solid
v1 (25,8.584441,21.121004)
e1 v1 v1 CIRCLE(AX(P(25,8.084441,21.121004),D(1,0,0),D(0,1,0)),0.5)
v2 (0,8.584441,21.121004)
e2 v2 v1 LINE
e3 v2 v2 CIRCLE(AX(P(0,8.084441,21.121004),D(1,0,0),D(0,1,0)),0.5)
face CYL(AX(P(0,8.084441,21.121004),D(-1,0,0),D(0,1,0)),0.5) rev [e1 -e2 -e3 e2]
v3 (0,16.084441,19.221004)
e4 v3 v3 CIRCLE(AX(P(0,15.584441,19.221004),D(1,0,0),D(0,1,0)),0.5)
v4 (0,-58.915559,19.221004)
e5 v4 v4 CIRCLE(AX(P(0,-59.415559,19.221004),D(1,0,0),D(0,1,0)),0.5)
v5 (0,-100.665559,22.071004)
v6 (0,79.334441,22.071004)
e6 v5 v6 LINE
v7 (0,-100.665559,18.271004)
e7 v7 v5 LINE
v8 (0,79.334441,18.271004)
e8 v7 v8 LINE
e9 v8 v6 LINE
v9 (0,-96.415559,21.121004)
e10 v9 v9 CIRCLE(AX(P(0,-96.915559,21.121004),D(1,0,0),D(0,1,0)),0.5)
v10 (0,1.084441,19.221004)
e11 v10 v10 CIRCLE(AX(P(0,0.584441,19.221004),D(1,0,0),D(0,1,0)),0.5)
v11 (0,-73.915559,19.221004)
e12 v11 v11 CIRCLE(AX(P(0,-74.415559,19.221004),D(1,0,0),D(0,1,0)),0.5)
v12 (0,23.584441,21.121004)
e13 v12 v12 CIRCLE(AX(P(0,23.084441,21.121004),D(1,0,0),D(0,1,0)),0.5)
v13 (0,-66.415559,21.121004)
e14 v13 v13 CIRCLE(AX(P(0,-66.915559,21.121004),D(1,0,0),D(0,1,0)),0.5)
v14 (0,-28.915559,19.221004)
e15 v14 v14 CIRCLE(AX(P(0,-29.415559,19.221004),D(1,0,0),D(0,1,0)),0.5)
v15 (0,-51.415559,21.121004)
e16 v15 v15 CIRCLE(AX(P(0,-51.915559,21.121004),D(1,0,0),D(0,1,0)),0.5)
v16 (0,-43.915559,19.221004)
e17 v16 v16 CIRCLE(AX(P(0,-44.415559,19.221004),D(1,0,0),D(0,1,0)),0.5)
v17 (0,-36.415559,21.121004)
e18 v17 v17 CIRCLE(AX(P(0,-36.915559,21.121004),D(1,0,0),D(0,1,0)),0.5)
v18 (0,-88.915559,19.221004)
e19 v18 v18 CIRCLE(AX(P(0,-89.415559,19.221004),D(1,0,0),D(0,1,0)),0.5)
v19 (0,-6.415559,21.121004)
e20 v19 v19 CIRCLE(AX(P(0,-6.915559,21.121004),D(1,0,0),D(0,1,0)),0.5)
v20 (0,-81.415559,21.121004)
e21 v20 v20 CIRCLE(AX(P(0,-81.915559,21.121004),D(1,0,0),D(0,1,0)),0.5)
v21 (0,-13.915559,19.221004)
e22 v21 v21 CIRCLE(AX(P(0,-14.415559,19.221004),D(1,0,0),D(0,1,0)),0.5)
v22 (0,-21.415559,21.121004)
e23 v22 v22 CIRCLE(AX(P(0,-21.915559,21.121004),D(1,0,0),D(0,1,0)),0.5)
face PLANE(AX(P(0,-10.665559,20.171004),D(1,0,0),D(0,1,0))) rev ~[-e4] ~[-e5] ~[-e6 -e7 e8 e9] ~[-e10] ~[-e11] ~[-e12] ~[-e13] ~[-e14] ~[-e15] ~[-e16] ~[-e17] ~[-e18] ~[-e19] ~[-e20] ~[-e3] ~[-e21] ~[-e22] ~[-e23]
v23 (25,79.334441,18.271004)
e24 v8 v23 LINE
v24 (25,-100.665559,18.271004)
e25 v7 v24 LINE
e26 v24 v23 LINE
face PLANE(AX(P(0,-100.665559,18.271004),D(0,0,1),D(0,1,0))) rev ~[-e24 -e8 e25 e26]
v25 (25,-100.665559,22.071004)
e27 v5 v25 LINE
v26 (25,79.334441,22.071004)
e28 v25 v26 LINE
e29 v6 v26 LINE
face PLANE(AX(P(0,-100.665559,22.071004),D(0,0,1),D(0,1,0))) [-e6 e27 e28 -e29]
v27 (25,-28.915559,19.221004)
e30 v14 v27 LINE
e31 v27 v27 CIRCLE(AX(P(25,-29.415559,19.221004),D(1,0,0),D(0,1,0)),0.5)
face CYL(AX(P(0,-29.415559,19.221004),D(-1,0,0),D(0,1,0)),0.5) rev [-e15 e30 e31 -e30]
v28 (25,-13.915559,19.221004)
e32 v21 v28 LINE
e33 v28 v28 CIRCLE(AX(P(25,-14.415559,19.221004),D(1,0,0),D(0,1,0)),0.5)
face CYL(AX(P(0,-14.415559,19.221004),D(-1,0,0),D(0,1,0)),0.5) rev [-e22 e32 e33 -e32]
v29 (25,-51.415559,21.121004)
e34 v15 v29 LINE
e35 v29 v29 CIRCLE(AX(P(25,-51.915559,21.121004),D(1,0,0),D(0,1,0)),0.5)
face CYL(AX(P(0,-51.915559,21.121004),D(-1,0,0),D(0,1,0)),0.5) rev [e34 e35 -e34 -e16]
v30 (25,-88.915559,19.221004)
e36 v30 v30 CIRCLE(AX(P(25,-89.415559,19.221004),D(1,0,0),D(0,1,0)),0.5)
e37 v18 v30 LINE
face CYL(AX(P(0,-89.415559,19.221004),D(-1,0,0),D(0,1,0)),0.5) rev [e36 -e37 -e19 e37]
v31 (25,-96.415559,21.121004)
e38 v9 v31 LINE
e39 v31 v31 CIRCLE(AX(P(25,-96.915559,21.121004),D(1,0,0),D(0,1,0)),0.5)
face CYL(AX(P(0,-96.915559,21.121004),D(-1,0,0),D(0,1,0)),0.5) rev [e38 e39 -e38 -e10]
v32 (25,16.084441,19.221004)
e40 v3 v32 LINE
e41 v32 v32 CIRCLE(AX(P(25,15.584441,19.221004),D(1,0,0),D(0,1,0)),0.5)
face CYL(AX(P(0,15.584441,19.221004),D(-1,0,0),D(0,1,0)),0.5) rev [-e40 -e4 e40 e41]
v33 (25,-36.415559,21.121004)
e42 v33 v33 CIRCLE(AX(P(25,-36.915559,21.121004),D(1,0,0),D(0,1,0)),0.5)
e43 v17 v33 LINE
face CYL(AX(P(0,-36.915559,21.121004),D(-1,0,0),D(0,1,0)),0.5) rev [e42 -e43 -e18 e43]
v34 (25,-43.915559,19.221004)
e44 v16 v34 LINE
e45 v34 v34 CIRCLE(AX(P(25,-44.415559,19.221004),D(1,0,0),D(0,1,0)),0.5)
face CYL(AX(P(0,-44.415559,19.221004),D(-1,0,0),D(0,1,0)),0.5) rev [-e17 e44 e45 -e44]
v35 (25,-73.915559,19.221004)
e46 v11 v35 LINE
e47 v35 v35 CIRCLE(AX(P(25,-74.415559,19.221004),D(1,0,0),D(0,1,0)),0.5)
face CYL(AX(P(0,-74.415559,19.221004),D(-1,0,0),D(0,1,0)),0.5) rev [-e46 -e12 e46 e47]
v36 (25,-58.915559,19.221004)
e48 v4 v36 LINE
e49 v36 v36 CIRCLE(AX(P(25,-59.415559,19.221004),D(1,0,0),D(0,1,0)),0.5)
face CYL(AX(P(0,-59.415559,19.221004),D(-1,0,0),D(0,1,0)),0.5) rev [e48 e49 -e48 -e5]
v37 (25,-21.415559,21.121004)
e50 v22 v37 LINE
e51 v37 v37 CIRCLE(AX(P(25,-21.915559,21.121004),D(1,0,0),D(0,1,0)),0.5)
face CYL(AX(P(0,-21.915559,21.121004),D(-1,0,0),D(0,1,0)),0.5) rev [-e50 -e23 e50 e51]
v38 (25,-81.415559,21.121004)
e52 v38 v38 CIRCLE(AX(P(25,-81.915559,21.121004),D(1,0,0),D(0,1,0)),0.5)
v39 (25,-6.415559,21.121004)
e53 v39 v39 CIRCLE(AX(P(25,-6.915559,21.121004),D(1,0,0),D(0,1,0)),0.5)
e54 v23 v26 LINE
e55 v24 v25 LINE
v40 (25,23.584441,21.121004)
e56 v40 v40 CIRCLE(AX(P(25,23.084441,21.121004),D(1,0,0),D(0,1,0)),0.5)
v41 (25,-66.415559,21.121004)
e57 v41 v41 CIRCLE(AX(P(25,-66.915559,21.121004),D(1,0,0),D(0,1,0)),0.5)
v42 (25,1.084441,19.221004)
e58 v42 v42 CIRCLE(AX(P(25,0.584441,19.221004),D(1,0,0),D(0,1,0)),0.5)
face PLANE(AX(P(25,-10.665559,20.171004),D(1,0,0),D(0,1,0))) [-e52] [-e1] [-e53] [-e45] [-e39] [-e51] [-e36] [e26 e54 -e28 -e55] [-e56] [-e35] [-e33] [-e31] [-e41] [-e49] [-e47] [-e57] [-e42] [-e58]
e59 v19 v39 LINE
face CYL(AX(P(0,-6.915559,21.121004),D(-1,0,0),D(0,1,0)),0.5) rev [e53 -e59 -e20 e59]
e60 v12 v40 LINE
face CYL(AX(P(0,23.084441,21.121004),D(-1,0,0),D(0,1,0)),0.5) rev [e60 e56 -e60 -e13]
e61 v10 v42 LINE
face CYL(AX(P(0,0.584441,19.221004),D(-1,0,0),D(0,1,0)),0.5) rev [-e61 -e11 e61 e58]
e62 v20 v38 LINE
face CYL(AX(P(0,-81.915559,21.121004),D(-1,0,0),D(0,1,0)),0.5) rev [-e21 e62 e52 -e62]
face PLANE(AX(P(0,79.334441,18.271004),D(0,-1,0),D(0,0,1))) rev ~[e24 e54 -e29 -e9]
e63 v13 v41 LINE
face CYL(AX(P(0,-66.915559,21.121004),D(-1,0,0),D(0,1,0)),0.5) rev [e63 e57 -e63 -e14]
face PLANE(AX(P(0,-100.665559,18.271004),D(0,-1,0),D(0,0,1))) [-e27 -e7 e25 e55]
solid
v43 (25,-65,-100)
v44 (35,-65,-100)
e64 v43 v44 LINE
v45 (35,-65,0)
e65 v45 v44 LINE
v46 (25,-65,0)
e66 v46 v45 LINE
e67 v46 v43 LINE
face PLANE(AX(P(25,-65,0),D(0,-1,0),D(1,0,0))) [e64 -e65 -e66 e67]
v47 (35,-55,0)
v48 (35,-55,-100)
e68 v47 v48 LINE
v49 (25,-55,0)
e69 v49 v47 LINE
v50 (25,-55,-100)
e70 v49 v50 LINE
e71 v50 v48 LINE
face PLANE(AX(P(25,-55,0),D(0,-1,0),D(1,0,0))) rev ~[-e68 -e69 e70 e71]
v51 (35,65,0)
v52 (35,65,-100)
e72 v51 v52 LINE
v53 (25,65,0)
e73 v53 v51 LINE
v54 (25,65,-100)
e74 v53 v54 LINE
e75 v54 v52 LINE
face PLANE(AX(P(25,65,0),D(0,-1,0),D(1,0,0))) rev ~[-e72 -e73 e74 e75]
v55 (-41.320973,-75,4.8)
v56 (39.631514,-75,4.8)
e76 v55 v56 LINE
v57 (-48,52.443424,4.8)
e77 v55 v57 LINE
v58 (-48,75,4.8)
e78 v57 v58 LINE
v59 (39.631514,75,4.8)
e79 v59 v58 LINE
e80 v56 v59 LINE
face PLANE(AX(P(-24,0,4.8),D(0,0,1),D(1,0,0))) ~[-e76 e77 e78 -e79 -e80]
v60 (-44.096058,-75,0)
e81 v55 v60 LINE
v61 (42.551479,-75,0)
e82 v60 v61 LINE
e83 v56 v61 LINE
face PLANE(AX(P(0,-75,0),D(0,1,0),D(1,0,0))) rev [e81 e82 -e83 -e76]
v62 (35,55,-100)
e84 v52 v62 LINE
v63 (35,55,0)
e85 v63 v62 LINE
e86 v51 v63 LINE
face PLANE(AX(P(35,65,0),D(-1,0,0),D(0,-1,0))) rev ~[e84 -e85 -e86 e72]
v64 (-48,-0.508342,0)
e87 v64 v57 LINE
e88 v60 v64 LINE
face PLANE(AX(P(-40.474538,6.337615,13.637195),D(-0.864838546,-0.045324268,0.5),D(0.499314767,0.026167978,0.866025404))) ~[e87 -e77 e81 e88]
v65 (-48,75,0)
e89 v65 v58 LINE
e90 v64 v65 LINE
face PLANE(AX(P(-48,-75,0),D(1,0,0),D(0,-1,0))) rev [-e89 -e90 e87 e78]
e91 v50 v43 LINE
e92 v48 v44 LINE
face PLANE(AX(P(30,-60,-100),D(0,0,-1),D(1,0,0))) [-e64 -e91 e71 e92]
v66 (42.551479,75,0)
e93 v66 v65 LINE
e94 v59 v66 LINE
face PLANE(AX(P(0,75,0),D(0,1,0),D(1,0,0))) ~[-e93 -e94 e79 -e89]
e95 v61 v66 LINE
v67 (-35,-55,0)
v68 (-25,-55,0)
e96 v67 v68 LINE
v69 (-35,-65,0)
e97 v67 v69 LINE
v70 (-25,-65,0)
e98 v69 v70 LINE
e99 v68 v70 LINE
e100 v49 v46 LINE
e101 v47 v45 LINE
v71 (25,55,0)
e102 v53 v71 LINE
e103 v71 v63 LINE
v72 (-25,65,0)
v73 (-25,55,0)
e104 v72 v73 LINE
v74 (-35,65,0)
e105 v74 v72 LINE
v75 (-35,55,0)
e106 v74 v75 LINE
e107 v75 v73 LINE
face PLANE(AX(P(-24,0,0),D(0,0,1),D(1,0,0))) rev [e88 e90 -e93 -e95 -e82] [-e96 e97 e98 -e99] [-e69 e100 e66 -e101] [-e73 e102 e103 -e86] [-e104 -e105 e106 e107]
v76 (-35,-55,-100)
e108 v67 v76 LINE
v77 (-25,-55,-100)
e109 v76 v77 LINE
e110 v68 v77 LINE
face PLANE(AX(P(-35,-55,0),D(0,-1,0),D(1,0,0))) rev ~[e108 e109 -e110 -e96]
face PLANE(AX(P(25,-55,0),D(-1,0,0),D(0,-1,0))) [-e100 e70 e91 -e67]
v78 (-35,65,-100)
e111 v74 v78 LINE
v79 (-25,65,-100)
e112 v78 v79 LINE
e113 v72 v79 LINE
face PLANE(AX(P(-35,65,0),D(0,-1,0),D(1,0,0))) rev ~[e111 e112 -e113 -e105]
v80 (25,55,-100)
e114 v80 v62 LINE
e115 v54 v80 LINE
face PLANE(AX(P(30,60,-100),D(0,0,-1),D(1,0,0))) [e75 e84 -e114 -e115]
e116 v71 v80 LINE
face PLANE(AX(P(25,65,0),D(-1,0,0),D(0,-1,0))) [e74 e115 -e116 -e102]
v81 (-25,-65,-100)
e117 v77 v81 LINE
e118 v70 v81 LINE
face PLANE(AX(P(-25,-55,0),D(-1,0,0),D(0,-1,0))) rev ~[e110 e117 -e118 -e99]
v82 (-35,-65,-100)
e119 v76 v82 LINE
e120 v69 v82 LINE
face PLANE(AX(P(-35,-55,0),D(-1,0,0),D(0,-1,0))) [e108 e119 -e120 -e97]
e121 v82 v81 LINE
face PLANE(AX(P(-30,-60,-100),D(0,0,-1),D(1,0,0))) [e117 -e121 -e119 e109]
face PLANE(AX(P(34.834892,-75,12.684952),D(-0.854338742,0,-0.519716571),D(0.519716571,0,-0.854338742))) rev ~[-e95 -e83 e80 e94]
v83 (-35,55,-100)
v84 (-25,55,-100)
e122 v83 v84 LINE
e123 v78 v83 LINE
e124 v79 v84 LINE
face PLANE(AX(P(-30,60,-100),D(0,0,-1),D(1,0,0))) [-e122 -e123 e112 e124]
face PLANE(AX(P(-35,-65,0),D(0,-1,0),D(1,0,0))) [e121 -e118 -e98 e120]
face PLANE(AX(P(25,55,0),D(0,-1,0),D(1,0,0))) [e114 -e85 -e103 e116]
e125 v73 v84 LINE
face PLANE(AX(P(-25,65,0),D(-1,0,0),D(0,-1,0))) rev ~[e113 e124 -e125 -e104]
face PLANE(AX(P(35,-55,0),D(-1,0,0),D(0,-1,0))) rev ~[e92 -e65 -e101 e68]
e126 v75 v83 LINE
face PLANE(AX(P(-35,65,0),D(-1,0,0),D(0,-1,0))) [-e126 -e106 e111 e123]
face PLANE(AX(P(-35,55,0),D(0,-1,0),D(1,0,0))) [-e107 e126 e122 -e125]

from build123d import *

# Parameters (mm, degrees)
F0_W      = 48
F0_H      = 150
F1_DEPTH  = 4.8
F5_DEPTH  = 68.9631378847
F6_DEPTH  = 83.3454182282
F8_W      = 10
F8_H      = 10
F9_DEPTH  = 100
F11_DEPTH = 150.001
F12_W     = 180
F12_H     = 3.8
F12_R     = 0.5
F13_DEPTH = 25


with BuildPart() as f1:
    # F0 (on Top) → F1 (new body)
    with BuildSketch(Plane.XY):
        with Locations((24, 0)):
            Rectangle(F0_W, F0_H)
    extrude(amount=F1_DEPTH)

    # F4 (on line) → F5 (cut, through all)
    with BuildSketch(Plane(origin=(0.4420924529, 8.4356265233, 0), x_dir=(0.9986295348, -0.0523359562, 0), z_dir=(-0.0523359562, -0.9986295348, 0))):
        Polygon((61.4937136564, 17.132105228), (40.0873841201, 13.6371948011), (53.9153187719, -10.3134905796), (66.7064852408, -14.0210765163), align=None)
    extrude(amount=-F5_DEPTH, mode=Mode.SUBTRACT)

    # F4 (on line) → F6 (cut, through all)
    with BuildSketch(Plane(origin=(0.4420924529, 8.4356265233, 0), x_dir=(0.9986295348, -0.0523359562, 0), z_dir=(-0.0523359562, -0.9986295348, 0))):
        Polygon((61.4937136564, 17.132105228), (40.0873841201, 13.6371948011), (53.9153187719, -10.3134905796), (66.7064852408, -14.0210765163), align=None)
    extrude(amount=F6_DEPTH, mode=Mode.SUBTRACT)

    # F7: F1 across plane


with BuildPart() as f1_1:
    add(f1.part)
    add(f1.part.mirror(Plane.YZ))

    # F8 (on face) → F9 (join)
    with BuildSketch(Plane(origin=(0, 0, 0), x_dir=(1, 0, 0), z_dir=(0, 0, -1))):
        with Locations((-30, 60)):
            Rectangle(F8_W, F8_H)
        with Locations((30, 60)):
            Rectangle(F8_W, F8_H)
        with Locations((30, -60)):
            Rectangle(F8_W, F8_H)
        with Locations((-30, -60)):
            Rectangle(F8_W, F8_H)
    extrude(amount=F9_DEPTH)

    # F10 (on face) → F11 (cut, through all)
    with BuildSketch(Plane.XZ.offset(75)):
        Polygon((34.8348915577, 12.6849524677), (48.7158372998, -10.1333111525), (49.0075275302, -3.8525555283), (49.0075275302, -10.8070056885), (48.9463172853, -9.7643891349), (48.3853444457, -11.9521543384), (50.2030849457, -10.4640051723), (51.5250787139, -8.9758560061), (52.516579628, -10.2986544371), (50.2030849457, 21.1177915335), (36.6526320577, 31.4541943371), align=None)
    extrude(amount=-F11_DEPTH, mode=Mode.SUBTRACT)


with BuildPart() as f13:
    # F12 (on Right) → F13 (new body)
    with BuildSketch(Plane.YZ):
        with Locations((-10.6655588388, 20.1710040491)):
            Rectangle(F12_W, F12_H)
        with Locations((-89.4155588388, 19.2210040491)):
            Circle(F12_R, mode=Mode.SUBTRACT)
        with Locations((-74.4155588388, 19.2210040491)):
            Circle(F12_R, mode=Mode.SUBTRACT)
        with Locations((-59.4155588388, 19.2210040491)):
            Circle(F12_R, mode=Mode.SUBTRACT)
        with Locations((-44.4155588388, 19.2210040491)):
            Circle(F12_R, mode=Mode.SUBTRACT)
        with Locations((-29.4155588388, 19.2210040491)):
            Circle(F12_R, mode=Mode.SUBTRACT)
        with Locations((-14.4155588388, 19.2210040491)):
            Circle(F12_R, mode=Mode.SUBTRACT)
        with Locations((0.5844411612, 19.2210040491)):
            Circle(F12_R, mode=Mode.SUBTRACT)
        with Locations((15.5844411612, 19.2210040491)):
            Circle(F12_R, mode=Mode.SUBTRACT)
        with Locations((-96.9155588388, 21.1210040491)):
            Circle(F12_R, mode=Mode.SUBTRACT)
        with Locations((-81.9155588388, 21.1210040491)):
            Circle(F12_R, mode=Mode.SUBTRACT)
        with Locations((-66.9155588388, 21.1210040491)):
            Circle(F12_R, mode=Mode.SUBTRACT)
        with Locations((-51.9155588388, 21.1210040491)):
            Circle(F12_R, mode=Mode.SUBTRACT)
        with Locations((-36.9155588388, 21.1210040491)):
            Circle(F12_R, mode=Mode.SUBTRACT)
        with Locations((-21.9155588388, 21.1210040491)):
            Circle(F12_R, mode=Mode.SUBTRACT)
        with Locations((-6.9155588388, 21.1210040491)):
            Circle(F12_R, mode=Mode.SUBTRACT)
        with Locations((8.0844411612, 21.1210040491)):
            Circle(F12_R, mode=Mode.SUBTRACT)
        with Locations((23.0844411612, 21.1210040491)):
            Circle(F12_R, mode=Mode.SUBTRACT)
    extrude(amount=F13_DEPTH)


solid = Compound([f1_1.part, f13.part])
